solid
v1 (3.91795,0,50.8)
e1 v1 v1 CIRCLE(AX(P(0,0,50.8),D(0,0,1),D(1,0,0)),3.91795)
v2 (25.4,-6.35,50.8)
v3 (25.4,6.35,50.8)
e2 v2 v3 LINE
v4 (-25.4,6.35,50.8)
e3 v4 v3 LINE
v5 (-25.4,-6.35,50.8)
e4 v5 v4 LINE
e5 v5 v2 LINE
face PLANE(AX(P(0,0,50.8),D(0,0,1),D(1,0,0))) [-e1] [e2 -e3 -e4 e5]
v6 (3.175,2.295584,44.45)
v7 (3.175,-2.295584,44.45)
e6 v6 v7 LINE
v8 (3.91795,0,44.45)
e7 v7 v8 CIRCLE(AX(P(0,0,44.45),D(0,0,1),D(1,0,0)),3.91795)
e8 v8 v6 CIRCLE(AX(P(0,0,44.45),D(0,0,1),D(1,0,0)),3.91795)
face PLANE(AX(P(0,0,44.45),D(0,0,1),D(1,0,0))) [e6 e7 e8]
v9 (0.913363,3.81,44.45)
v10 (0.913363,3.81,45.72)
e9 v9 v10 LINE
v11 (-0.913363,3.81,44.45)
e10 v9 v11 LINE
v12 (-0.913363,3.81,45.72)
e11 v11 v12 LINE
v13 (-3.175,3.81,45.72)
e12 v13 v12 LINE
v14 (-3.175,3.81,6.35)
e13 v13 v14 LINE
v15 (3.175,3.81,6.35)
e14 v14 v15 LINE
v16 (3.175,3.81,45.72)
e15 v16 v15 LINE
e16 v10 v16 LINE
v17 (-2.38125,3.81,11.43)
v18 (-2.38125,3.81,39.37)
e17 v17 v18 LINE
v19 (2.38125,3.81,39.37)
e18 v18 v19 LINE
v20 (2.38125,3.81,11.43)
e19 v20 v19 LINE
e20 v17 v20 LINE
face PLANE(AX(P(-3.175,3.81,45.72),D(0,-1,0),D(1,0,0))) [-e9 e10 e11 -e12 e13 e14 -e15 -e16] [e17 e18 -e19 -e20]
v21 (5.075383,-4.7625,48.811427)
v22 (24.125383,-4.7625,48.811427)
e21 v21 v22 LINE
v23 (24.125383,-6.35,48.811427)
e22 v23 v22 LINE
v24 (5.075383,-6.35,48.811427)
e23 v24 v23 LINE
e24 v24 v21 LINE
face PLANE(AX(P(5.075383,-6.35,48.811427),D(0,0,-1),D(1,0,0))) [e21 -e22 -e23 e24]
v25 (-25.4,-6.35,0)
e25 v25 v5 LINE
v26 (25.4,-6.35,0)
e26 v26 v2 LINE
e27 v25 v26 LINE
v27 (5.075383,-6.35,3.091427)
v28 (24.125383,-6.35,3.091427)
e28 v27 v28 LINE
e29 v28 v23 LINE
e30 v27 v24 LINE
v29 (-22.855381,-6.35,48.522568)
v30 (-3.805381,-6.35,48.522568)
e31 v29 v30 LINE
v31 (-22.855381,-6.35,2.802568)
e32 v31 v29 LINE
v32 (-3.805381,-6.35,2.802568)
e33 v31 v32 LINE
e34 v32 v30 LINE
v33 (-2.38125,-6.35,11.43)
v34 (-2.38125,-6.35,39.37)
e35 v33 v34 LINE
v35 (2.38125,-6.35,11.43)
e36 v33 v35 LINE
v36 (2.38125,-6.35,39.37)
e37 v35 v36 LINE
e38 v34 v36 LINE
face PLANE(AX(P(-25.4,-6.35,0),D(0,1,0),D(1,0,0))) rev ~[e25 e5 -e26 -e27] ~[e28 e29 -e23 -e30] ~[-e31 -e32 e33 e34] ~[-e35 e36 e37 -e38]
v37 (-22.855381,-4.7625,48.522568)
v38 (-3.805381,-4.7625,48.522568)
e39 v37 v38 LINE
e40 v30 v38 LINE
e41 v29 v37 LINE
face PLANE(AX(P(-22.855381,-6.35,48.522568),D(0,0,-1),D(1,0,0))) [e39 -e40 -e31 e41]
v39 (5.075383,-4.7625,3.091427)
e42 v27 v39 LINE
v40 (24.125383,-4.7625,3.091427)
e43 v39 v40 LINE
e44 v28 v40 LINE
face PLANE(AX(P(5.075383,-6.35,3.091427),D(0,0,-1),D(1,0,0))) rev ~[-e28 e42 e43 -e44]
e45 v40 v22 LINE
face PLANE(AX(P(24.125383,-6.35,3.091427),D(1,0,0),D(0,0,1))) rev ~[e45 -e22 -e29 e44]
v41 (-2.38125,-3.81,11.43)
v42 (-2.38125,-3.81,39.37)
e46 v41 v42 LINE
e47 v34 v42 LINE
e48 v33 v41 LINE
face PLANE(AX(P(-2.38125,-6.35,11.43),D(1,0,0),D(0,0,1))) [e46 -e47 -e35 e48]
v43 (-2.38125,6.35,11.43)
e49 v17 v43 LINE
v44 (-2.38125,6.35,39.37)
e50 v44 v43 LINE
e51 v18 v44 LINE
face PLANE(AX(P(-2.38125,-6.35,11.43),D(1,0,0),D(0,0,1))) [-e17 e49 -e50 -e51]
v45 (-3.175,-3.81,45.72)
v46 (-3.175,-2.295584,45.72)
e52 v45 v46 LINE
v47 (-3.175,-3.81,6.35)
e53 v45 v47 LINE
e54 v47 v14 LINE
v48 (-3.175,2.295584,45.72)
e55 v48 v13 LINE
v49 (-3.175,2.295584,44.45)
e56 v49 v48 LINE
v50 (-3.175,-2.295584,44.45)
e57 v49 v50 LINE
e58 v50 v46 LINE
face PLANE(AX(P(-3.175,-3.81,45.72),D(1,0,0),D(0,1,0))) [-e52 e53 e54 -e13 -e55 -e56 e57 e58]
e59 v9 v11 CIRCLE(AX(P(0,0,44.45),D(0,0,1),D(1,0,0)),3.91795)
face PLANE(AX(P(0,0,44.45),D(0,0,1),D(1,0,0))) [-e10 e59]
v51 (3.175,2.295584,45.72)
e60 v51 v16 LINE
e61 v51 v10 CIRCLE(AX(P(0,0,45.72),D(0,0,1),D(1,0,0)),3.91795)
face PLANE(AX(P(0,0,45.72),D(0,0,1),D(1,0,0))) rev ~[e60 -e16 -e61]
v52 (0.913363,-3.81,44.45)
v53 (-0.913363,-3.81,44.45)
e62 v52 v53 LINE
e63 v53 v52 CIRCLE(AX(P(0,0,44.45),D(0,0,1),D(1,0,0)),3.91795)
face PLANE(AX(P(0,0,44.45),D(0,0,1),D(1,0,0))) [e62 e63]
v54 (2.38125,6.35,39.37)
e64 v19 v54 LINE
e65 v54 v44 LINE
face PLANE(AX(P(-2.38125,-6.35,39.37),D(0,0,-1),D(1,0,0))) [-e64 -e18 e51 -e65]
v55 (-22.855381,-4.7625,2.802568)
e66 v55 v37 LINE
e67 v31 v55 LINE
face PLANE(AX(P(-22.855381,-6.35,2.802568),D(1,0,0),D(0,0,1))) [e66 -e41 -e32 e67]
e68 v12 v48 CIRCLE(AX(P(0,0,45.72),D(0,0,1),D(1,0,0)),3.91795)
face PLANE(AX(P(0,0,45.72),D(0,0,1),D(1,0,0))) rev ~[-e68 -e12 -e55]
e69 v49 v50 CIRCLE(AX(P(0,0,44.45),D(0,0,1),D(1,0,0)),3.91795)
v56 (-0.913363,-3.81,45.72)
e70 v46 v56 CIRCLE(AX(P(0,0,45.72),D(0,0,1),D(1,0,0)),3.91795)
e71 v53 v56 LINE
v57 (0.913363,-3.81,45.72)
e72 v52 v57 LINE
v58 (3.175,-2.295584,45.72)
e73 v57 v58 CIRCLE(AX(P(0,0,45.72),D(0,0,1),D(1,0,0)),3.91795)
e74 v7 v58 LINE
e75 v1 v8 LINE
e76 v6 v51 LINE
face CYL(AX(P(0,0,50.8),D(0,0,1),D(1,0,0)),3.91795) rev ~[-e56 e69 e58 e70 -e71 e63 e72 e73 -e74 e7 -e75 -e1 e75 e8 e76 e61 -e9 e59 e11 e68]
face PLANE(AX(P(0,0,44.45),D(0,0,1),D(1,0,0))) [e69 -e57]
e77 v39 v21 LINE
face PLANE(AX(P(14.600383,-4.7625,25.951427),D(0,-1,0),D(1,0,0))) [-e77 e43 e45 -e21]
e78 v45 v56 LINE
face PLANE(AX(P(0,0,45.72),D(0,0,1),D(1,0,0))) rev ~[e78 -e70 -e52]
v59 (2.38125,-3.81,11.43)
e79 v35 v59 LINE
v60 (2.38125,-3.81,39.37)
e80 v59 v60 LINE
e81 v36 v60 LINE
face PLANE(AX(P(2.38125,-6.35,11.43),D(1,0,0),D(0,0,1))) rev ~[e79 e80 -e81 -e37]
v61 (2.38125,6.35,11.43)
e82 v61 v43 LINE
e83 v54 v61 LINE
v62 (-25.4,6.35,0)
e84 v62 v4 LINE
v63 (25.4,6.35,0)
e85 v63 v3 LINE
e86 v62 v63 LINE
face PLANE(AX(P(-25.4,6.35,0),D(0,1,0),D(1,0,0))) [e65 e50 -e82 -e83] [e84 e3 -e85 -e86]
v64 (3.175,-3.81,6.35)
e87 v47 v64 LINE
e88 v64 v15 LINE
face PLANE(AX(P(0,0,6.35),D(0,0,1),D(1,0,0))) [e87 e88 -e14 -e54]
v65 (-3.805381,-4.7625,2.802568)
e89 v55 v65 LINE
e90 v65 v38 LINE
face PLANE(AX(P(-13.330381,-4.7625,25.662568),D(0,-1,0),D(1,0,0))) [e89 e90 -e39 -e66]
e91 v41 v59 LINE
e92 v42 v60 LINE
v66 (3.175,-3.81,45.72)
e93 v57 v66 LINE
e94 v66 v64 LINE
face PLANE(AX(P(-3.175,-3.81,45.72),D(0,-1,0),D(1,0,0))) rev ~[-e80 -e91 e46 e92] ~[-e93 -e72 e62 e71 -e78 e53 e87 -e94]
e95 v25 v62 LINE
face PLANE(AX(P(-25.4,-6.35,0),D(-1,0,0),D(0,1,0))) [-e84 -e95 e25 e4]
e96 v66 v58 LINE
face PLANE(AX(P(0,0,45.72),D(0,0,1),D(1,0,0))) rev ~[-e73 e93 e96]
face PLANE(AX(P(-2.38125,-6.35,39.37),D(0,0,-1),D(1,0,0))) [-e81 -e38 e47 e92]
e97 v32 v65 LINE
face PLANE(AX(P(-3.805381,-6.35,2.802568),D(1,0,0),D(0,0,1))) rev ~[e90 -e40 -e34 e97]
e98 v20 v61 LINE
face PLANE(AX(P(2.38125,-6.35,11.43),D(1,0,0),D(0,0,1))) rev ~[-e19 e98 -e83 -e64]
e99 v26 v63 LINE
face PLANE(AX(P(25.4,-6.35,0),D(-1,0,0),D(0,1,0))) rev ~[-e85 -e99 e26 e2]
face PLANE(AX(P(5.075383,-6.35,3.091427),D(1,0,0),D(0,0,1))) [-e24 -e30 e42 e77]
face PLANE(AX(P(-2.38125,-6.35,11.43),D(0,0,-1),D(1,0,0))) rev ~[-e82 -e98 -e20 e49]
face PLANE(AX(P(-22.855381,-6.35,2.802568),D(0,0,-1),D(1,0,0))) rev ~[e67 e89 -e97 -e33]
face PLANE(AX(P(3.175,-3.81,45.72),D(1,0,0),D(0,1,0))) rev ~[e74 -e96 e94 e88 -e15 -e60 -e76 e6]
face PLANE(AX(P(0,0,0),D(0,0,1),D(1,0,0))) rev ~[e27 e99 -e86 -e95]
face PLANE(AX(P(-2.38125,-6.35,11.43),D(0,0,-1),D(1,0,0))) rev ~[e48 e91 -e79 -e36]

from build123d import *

# Parameters (mm, degrees)
F0_W      = 50.8
F0_H      = 12.7
F1_DEPTH  = 50.8
F3_START  = -5.08
F2_W      = 6.35
F2_H      = 7.62
F3_DEPTH  = 39.37
F4_R      = 3.91795
F5_DEPTH  = 6.35
F6_W      = 4.7625
F6_H      = 27.94
F7_DEPTH  = 12.701
F8_W      = 19.05
F8_H      = 45.72
F9_DEPTH  = 1.5875
F10_W     = 19.05
F10_H     = 45.72
F11_DEPTH = 1.5875


with BuildPart() as f1:
    # F0 (on Top) → F1 (new body)
    with BuildSketch(Plane.XY):
        Rectangle(F0_W, F0_H)
    extrude(amount=F1_DEPTH)

    # F2 (on face) → F3 (cut)
    with BuildSketch(Plane.XY.offset(50.8).offset(F3_START)):
        Rectangle(F2_W, F2_H)
    extrude(amount=-F3_DEPTH, mode=Mode.SUBTRACT)

    # F4 (on face) → F5 (cut)
    with BuildSketch(Plane.XY.offset(50.8)):
        Circle(F4_R)
    extrude(amount=-F5_DEPTH, mode=Mode.SUBTRACT)

    # F6 (on face) → F7 (cut, through all)
    with BuildSketch(Plane.XZ.offset(6.35)):
        with Locations((0, 25.4)):
            Rectangle(F6_W, F6_H)
    extrude(amount=-F7_DEPTH, mode=Mode.SUBTRACT)

    # F8 (on face) → F9 (cut)
    with BuildSketch(Plane.XZ.offset(6.35)):
        with Locations((-13.3303813094, 25.6625675702)):
            Rectangle(F8_W, F8_H)
    extrude(amount=-F9_DEPTH, mode=Mode.SUBTRACT)

    # F10 (on face) → F11 (cut)
    with BuildSketch(Plane.XZ.offset(6.35)):
        with Locations((14.600383172, 25.9514273362)):
            Rectangle(F10_W, F10_H)
    extrude(amount=-F11_DEPTH, mode=Mode.SUBTRACT)


solid = f1.part
